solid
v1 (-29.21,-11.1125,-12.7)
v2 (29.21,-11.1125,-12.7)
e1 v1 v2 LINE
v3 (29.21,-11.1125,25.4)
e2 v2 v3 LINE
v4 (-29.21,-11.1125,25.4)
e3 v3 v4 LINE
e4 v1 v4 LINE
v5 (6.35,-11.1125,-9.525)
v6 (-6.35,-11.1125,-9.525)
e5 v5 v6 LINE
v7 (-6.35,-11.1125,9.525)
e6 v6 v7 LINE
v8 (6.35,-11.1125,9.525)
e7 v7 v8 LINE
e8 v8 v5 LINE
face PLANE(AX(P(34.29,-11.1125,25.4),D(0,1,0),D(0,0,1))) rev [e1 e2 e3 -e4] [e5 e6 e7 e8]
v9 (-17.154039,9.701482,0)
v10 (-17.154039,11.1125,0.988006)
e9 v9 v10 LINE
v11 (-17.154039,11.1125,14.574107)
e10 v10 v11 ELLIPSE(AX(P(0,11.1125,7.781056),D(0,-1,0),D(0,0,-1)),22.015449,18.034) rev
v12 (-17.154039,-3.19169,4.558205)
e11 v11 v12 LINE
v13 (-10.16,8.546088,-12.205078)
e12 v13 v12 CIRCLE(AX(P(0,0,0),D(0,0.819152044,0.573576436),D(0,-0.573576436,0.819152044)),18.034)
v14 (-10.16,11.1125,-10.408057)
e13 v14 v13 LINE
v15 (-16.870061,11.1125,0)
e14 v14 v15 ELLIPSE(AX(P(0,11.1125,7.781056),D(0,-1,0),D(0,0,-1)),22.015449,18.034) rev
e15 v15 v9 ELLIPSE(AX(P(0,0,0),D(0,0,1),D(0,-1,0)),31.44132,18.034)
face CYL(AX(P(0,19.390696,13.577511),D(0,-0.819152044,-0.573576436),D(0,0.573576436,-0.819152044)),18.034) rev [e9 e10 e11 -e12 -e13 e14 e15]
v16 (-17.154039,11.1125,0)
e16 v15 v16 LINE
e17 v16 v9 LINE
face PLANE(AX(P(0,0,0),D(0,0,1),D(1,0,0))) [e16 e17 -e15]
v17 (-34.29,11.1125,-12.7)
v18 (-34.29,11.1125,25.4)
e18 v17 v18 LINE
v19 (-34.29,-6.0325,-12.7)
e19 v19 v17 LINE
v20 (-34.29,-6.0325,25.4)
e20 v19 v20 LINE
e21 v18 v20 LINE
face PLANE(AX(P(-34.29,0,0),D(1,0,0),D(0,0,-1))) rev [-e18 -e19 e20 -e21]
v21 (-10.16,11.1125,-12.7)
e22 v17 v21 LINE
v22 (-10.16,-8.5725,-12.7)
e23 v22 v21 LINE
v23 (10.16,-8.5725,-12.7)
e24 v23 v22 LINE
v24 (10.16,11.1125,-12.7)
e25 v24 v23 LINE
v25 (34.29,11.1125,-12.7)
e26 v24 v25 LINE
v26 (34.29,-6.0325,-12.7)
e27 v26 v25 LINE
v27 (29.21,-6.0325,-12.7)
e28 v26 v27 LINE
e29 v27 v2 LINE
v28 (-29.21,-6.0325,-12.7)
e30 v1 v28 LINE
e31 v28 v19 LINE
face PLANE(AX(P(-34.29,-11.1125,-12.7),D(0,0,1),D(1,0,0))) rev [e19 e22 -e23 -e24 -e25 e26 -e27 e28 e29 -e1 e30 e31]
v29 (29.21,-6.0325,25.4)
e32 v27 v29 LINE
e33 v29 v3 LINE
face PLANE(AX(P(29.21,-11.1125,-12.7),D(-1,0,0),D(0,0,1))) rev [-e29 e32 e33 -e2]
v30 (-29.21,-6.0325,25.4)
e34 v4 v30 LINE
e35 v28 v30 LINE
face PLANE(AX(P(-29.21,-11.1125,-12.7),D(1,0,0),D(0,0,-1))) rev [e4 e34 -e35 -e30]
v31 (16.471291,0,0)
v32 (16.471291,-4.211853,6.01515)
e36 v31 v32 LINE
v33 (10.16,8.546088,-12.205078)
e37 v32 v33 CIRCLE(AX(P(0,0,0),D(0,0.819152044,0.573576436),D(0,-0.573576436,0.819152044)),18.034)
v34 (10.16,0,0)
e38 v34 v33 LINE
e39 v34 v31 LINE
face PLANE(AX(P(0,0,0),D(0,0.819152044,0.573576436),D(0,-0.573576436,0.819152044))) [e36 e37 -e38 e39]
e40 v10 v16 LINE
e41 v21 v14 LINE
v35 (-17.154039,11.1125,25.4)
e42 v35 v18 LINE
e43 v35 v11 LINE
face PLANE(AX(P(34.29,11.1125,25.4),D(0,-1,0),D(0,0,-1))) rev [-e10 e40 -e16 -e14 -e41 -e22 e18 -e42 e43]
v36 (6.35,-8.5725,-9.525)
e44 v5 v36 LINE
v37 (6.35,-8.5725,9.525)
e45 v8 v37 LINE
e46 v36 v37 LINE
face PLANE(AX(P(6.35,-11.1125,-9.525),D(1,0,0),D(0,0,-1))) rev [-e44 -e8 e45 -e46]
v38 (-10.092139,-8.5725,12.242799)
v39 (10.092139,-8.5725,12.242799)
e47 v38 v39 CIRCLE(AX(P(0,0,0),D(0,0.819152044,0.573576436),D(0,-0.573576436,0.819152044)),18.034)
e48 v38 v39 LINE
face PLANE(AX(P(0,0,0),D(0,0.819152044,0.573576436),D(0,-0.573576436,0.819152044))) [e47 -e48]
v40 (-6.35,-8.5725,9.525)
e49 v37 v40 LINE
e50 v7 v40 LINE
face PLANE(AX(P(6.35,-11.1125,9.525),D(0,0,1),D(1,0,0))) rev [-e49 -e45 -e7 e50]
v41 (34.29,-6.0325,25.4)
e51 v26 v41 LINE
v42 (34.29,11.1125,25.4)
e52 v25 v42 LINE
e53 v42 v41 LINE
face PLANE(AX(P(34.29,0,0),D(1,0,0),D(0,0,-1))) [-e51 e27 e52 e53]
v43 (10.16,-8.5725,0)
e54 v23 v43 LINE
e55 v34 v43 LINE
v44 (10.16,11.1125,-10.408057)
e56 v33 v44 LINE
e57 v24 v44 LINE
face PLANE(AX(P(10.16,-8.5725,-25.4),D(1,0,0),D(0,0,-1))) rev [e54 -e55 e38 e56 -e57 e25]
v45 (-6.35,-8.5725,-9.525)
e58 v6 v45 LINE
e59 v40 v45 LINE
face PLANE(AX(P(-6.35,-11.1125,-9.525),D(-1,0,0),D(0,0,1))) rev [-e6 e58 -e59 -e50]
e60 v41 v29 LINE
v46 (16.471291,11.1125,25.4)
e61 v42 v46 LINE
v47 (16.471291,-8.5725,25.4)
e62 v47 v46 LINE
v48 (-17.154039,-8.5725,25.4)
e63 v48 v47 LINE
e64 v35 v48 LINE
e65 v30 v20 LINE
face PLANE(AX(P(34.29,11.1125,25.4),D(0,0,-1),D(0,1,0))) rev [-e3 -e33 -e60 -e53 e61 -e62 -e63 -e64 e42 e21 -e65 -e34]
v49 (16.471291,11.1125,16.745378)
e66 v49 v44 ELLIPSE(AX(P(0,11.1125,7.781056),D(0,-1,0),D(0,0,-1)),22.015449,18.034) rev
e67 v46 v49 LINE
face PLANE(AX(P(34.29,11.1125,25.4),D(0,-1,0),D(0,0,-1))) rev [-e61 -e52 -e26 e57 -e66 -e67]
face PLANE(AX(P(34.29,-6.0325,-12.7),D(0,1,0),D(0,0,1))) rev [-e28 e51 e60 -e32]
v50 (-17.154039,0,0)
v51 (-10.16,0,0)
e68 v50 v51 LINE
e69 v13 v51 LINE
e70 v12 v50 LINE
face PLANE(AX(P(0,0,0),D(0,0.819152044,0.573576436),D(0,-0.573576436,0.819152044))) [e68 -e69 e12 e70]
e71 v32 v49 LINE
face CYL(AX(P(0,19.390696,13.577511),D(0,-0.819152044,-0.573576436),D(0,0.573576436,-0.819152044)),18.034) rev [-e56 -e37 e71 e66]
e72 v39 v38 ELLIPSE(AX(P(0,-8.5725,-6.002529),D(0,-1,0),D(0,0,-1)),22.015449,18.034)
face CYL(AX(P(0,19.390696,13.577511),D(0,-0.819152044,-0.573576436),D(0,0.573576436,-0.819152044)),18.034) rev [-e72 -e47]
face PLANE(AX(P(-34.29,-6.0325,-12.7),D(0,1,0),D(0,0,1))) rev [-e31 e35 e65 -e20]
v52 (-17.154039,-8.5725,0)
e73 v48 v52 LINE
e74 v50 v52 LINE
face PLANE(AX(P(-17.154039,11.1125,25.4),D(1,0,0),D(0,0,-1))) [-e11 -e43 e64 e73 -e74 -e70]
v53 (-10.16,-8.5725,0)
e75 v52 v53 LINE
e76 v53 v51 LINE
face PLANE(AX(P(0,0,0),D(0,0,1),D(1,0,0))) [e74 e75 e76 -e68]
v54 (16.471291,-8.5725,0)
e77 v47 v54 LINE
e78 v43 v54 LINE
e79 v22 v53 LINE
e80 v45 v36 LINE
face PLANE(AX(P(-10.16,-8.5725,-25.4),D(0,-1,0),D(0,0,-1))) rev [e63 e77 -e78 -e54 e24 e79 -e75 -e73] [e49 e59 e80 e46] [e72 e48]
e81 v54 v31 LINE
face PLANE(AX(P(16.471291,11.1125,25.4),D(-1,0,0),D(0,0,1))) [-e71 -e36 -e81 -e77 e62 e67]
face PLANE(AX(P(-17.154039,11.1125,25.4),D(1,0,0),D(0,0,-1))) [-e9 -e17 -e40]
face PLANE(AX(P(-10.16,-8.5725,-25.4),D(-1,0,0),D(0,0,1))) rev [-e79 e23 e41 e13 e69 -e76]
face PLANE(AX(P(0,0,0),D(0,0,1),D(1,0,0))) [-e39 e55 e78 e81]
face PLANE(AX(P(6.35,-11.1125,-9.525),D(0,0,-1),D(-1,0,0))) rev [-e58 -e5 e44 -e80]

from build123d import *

# Parameters (mm, degrees)
SKETCH1_W               = 50.8
SKETCH1_H               = 22.225
BOSS_EXTRUDE1_DEPTH     = 34.29
SKETCH2_R               = 18.034
CUT_EXTRUDE1_DEPTH      = 45.095938092
SKETCH3_W               = 20.32
SKETCH3_H               = 19.685
CUT_EXTRUDE2_DEPTH      = 63.289098213
SKETCH4_W               = 12.7
SKETCH4_H               = 19.05
CUT_EXTRUDE3_DEPTH      = 45.095938092
SKETCH7_W               = 68.58
SKETCH7_H               = 12.7
CUT_EXTRUDE5_DEPTH      = 49.113560718
CUT_EXTRUDE6_DEPTH      = 45.095938092
CUT_EXTRUDE6_DEPTH_BACK = 45.095938092
SKETCH9_W               = 5.08
SKETCH9_H               = 5.08
SKETCH6_W               = 33.625329213
SKETCH6_H               = 19.685
CUT_EXTRUDE4_DEPTH      = 45.095938092


with BuildPart() as part:
    # Sketch1 → Boss-Extrude1 (new, symmetric)
    with BuildSketch(Plane(origin=(0, 0, 0), x_dir=(0, 0, -1), z_dir=(1, 0, 0))):
        Rectangle(SKETCH1_W, SKETCH1_H)
    extrude(amount=BOSS_EXTRUDE1_DEPTH, both=True)

    # Sketch2 → Cut-Extrude1 (cut, through all)
    with BuildSketch(Plane(origin=(0, 0, 0), x_dir=(1, 0, 0), z_dir=(0, 0.819152044288991, 0.5735764363510473))):
        Circle(SKETCH2_R)
    extrude(amount=CUT_EXTRUDE1_DEPTH, mode=Mode.SUBTRACT)

    # Sketch3 → Cut-Extrude2 (cut, through all)
    with BuildSketch(Plane.XY.offset(25.4)):
        with Locations((0, 1.27)):
            Rectangle(SKETCH3_W, SKETCH3_H)
    extrude(amount=-CUT_EXTRUDE2_DEPTH, mode=Mode.SUBTRACT)

    # Sketch4 → Cut-Extrude3 (cut, through all)
    with BuildSketch(Plane(origin=(0, 0, 0), x_dir=(1, 0, 0), z_dir=(0, 1, 0))):
        Rectangle(SKETCH4_W, SKETCH4_H)
    extrude(amount=-CUT_EXTRUDE3_DEPTH, mode=Mode.SUBTRACT)

    # Sketch7 → Cut-Extrude5 (cut, through all)
    with BuildSketch(Plane(origin=(0, 11.1125, 0), x_dir=(1, 0, 0), z_dir=(0, 1, 0))):
        with Locations((0, 19.05)):
            Rectangle(SKETCH7_W, SKETCH7_H)
    extrude(amount=-CUT_EXTRUDE5_DEPTH, mode=Mode.SUBTRACT)

    # Sketch9 → Cut-Extrude6 (cut, two sides: drawn at the far end of the back side and taken through both)
    with BuildSketch(Plane.XY.offset(-CUT_EXTRUDE6_DEPTH_BACK)):
        with Locations((-31.75, -8.5725)):
            Rectangle(SKETCH9_W, SKETCH9_H)
        with Locations((31.75, -8.5725)):
            Rectangle(SKETCH9_W, SKETCH9_H)
    extrude(amount=CUT_EXTRUDE6_DEPTH + CUT_EXTRUDE6_DEPTH_BACK, mode=Mode.SUBTRACT)

    # Sketch6 → Cut-Extrude4 (cut, through all)
    with BuildSketch(Plane.XY):
        with Locations((-0.341373901, 1.27)):
            Rectangle(SKETCH6_W, SKETCH6_H)
    extrude(amount=CUT_EXTRUDE4_DEPTH, mode=Mode.SUBTRACT)


solid = part.part
